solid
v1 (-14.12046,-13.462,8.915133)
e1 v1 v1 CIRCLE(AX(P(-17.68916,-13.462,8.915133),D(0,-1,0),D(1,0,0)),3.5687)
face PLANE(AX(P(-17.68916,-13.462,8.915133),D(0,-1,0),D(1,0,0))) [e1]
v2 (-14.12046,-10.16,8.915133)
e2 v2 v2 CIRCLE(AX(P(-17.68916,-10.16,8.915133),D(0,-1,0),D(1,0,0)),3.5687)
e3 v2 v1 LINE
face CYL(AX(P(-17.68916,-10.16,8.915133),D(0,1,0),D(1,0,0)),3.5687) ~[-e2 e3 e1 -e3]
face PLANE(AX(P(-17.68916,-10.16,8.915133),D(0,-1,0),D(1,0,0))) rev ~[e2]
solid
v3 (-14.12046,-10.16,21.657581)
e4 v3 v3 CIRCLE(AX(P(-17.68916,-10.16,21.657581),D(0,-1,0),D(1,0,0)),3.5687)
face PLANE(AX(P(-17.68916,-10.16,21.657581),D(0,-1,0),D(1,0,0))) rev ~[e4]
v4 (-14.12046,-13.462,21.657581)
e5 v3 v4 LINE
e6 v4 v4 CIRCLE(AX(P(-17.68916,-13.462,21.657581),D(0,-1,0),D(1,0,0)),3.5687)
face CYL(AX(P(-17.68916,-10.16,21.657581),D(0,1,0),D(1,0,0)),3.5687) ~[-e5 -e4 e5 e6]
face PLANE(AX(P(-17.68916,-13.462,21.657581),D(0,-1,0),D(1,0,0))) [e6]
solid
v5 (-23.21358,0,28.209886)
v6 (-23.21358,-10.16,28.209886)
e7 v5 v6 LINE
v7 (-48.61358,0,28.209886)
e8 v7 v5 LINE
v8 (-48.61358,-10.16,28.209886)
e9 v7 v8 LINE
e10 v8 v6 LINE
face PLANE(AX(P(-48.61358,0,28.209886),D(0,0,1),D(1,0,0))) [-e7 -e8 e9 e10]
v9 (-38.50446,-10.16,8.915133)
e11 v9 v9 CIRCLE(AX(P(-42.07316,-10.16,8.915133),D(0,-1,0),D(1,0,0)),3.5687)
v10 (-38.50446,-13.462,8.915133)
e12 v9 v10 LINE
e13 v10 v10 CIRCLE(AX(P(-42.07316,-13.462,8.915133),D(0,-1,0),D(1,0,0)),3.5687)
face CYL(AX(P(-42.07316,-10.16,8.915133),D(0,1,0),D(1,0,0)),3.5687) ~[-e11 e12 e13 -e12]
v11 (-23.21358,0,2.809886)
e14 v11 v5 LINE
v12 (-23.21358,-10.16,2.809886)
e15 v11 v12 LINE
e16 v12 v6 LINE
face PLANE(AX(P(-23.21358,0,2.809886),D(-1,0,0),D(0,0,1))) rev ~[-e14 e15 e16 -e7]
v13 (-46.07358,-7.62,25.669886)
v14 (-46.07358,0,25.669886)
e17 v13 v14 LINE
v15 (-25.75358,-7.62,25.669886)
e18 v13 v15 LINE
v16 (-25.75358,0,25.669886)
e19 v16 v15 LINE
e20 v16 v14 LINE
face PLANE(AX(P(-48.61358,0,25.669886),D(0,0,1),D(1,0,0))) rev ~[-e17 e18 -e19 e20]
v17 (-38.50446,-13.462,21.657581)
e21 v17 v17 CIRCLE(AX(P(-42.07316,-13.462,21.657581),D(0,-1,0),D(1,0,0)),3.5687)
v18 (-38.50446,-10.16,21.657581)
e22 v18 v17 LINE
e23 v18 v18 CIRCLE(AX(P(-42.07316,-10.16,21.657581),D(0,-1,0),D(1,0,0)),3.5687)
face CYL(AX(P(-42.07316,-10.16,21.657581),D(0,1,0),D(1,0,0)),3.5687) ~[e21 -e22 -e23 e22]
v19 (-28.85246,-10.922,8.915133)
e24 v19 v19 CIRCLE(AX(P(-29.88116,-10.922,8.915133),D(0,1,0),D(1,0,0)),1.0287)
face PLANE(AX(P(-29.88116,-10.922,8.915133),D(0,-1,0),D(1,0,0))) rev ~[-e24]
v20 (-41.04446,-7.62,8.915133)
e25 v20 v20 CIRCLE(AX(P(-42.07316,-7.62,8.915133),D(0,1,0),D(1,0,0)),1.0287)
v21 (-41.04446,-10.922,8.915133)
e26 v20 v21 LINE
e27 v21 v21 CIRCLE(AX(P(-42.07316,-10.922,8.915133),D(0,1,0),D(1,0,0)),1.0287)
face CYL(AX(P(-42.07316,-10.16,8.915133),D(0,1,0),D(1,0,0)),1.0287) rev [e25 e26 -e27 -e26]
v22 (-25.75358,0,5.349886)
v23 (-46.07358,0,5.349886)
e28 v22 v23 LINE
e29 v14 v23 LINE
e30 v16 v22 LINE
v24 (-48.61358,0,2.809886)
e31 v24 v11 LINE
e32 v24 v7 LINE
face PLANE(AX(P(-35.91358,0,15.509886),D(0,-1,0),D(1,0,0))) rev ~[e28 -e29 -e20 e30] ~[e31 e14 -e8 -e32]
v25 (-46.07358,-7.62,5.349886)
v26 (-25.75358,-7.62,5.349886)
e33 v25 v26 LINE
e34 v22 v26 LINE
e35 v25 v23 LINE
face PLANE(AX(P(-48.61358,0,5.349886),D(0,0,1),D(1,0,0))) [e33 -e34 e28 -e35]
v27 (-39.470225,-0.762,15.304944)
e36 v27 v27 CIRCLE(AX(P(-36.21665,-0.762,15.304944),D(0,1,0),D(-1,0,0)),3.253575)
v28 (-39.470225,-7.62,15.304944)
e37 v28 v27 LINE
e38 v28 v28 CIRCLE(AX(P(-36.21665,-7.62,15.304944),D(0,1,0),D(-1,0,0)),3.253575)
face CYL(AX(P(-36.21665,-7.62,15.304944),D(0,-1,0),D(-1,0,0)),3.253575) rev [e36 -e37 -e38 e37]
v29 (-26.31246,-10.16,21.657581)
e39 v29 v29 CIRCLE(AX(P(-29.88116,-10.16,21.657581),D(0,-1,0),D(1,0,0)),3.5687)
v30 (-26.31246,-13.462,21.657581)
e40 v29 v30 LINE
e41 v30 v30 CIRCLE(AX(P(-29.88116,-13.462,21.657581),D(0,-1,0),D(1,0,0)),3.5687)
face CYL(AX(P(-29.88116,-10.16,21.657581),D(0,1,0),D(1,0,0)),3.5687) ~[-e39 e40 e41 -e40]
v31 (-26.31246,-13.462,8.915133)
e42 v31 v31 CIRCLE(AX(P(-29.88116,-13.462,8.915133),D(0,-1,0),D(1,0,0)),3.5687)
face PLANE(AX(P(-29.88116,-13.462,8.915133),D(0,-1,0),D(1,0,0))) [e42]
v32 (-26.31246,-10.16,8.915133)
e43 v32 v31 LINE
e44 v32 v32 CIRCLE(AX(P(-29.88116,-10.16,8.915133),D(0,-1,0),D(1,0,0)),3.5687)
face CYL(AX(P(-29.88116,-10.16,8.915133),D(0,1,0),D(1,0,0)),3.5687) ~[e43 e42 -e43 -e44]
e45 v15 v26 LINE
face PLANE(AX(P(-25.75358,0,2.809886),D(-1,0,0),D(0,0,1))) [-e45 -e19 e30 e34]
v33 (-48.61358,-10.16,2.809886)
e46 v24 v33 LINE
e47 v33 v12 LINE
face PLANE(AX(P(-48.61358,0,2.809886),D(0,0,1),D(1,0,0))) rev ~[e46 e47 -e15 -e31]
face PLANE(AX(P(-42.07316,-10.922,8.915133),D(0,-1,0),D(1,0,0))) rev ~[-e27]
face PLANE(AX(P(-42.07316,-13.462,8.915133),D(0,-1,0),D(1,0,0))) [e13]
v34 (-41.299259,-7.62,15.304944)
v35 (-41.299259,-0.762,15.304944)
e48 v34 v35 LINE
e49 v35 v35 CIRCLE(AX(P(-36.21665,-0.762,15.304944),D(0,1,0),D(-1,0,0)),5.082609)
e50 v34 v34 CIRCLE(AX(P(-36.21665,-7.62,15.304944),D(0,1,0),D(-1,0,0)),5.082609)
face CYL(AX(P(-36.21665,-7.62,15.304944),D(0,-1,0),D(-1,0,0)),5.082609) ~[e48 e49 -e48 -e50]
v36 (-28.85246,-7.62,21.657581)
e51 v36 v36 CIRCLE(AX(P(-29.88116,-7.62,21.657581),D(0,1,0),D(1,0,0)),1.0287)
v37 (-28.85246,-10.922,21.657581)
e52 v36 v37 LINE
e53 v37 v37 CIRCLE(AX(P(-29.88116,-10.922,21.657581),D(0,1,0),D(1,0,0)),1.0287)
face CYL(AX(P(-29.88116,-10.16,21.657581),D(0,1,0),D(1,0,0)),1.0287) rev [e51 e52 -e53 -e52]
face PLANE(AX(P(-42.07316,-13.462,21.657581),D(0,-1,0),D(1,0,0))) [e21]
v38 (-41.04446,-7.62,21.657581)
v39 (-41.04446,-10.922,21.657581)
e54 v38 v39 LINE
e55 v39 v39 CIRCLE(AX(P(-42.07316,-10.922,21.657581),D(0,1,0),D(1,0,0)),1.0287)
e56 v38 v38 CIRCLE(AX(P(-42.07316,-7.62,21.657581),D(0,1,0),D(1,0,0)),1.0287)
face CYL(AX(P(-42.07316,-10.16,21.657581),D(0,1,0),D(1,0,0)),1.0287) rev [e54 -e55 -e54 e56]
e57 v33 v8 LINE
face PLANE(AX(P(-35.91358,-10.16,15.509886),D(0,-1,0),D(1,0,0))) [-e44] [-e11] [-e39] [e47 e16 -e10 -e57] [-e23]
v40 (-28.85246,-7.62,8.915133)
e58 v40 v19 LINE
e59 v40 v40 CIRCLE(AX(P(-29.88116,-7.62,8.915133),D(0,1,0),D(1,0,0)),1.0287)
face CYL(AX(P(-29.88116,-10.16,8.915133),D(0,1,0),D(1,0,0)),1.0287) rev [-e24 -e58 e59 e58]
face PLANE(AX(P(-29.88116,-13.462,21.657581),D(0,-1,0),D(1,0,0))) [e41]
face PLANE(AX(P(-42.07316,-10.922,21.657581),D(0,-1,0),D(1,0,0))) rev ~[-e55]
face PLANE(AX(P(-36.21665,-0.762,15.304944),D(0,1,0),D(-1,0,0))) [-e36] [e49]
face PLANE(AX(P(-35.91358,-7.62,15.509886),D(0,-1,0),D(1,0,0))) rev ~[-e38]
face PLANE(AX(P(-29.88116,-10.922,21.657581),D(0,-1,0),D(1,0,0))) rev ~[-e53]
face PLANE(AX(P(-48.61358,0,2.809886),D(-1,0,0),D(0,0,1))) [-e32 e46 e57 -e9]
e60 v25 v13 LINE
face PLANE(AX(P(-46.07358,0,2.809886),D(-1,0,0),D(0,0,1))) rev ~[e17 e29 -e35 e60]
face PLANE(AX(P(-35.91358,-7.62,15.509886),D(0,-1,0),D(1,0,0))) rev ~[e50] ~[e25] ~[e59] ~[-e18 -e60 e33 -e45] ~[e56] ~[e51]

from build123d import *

# Parameters (mm, degrees)
F0_W     = 25.4
F0_H     = 25.4
F1_DEPTH = 10.16
F2_R     = 3.5687
F3_DEPTH = 3.302
F4_T     = -2.54
F5_R     = 5.0826092398
F5_R_2   = 3.2535750666
F6_DEPTH = 6.858


with BuildPart() as f1:
    # F0 (on Front) → F1 (new body)
    with BuildSketch(Plane.XZ):
        with Locations((-35.9135796316, 15.5098860579)):
            Rectangle(F0_W, F0_H)
    extrude(amount=F1_DEPTH)

    # F2 (on face) → F3 (join)
    with BuildSketch(Plane.XZ.offset(10.16)):
        with Locations((-42.0731604099, 21.6575805098)):
            Circle(F2_R)
        with Locations((-42.0731604099, 8.915132843)):
            Circle(F2_R)
        with Locations((-29.8811604099, 21.6575805098)):
            Circle(F2_R)
        with Locations((-29.8811604099, 8.915132843)):
            Circle(F2_R)
    extrude(amount=F3_DEPTH)

    # F4
    f4_openings = [f1.faces().sort_by_distance(p)[0] for p in [
        (-35.91358, 0, 15.509886),
    ]]
    offset(amount=F4_T, openings=f4_openings, kind=Kind.INTERSECTION)

    # F5 (on face) → F6 (join)
    with BuildSketch(Plane(origin=(0, -7.62, 0), x_dir=(-1, 0, 0), z_dir=(0, 1, 0))):
        with Locations((36.2166501582, 15.3049435467)):
            Circle(F5_R)
        with Locations((36.2166501582, 15.3049435467)):
            Circle(F5_R_2, mode=Mode.SUBTRACT)
    extrude(amount=F6_DEPTH)


with BuildPart() as f3:
    # F2 (on face) → F3, piece 2 (new body)
    with BuildSketch(Plane.XZ.offset(10.16)):
        with Locations((-17.6891604099, 21.6575805098)):
            Circle(F2_R)
    extrude(amount=F3_DEPTH)


with BuildPart() as f3b:
    # F2 (on face) → F3, piece 3 (new body)
    with BuildSketch(Plane.XZ.offset(10.16)):
        with Locations((-17.6891604099, 8.915132843)):
            Circle(F2_R)
    extrude(amount=F3_DEPTH)


solid = Compound([f1.part, f3.part, f3b.part])
